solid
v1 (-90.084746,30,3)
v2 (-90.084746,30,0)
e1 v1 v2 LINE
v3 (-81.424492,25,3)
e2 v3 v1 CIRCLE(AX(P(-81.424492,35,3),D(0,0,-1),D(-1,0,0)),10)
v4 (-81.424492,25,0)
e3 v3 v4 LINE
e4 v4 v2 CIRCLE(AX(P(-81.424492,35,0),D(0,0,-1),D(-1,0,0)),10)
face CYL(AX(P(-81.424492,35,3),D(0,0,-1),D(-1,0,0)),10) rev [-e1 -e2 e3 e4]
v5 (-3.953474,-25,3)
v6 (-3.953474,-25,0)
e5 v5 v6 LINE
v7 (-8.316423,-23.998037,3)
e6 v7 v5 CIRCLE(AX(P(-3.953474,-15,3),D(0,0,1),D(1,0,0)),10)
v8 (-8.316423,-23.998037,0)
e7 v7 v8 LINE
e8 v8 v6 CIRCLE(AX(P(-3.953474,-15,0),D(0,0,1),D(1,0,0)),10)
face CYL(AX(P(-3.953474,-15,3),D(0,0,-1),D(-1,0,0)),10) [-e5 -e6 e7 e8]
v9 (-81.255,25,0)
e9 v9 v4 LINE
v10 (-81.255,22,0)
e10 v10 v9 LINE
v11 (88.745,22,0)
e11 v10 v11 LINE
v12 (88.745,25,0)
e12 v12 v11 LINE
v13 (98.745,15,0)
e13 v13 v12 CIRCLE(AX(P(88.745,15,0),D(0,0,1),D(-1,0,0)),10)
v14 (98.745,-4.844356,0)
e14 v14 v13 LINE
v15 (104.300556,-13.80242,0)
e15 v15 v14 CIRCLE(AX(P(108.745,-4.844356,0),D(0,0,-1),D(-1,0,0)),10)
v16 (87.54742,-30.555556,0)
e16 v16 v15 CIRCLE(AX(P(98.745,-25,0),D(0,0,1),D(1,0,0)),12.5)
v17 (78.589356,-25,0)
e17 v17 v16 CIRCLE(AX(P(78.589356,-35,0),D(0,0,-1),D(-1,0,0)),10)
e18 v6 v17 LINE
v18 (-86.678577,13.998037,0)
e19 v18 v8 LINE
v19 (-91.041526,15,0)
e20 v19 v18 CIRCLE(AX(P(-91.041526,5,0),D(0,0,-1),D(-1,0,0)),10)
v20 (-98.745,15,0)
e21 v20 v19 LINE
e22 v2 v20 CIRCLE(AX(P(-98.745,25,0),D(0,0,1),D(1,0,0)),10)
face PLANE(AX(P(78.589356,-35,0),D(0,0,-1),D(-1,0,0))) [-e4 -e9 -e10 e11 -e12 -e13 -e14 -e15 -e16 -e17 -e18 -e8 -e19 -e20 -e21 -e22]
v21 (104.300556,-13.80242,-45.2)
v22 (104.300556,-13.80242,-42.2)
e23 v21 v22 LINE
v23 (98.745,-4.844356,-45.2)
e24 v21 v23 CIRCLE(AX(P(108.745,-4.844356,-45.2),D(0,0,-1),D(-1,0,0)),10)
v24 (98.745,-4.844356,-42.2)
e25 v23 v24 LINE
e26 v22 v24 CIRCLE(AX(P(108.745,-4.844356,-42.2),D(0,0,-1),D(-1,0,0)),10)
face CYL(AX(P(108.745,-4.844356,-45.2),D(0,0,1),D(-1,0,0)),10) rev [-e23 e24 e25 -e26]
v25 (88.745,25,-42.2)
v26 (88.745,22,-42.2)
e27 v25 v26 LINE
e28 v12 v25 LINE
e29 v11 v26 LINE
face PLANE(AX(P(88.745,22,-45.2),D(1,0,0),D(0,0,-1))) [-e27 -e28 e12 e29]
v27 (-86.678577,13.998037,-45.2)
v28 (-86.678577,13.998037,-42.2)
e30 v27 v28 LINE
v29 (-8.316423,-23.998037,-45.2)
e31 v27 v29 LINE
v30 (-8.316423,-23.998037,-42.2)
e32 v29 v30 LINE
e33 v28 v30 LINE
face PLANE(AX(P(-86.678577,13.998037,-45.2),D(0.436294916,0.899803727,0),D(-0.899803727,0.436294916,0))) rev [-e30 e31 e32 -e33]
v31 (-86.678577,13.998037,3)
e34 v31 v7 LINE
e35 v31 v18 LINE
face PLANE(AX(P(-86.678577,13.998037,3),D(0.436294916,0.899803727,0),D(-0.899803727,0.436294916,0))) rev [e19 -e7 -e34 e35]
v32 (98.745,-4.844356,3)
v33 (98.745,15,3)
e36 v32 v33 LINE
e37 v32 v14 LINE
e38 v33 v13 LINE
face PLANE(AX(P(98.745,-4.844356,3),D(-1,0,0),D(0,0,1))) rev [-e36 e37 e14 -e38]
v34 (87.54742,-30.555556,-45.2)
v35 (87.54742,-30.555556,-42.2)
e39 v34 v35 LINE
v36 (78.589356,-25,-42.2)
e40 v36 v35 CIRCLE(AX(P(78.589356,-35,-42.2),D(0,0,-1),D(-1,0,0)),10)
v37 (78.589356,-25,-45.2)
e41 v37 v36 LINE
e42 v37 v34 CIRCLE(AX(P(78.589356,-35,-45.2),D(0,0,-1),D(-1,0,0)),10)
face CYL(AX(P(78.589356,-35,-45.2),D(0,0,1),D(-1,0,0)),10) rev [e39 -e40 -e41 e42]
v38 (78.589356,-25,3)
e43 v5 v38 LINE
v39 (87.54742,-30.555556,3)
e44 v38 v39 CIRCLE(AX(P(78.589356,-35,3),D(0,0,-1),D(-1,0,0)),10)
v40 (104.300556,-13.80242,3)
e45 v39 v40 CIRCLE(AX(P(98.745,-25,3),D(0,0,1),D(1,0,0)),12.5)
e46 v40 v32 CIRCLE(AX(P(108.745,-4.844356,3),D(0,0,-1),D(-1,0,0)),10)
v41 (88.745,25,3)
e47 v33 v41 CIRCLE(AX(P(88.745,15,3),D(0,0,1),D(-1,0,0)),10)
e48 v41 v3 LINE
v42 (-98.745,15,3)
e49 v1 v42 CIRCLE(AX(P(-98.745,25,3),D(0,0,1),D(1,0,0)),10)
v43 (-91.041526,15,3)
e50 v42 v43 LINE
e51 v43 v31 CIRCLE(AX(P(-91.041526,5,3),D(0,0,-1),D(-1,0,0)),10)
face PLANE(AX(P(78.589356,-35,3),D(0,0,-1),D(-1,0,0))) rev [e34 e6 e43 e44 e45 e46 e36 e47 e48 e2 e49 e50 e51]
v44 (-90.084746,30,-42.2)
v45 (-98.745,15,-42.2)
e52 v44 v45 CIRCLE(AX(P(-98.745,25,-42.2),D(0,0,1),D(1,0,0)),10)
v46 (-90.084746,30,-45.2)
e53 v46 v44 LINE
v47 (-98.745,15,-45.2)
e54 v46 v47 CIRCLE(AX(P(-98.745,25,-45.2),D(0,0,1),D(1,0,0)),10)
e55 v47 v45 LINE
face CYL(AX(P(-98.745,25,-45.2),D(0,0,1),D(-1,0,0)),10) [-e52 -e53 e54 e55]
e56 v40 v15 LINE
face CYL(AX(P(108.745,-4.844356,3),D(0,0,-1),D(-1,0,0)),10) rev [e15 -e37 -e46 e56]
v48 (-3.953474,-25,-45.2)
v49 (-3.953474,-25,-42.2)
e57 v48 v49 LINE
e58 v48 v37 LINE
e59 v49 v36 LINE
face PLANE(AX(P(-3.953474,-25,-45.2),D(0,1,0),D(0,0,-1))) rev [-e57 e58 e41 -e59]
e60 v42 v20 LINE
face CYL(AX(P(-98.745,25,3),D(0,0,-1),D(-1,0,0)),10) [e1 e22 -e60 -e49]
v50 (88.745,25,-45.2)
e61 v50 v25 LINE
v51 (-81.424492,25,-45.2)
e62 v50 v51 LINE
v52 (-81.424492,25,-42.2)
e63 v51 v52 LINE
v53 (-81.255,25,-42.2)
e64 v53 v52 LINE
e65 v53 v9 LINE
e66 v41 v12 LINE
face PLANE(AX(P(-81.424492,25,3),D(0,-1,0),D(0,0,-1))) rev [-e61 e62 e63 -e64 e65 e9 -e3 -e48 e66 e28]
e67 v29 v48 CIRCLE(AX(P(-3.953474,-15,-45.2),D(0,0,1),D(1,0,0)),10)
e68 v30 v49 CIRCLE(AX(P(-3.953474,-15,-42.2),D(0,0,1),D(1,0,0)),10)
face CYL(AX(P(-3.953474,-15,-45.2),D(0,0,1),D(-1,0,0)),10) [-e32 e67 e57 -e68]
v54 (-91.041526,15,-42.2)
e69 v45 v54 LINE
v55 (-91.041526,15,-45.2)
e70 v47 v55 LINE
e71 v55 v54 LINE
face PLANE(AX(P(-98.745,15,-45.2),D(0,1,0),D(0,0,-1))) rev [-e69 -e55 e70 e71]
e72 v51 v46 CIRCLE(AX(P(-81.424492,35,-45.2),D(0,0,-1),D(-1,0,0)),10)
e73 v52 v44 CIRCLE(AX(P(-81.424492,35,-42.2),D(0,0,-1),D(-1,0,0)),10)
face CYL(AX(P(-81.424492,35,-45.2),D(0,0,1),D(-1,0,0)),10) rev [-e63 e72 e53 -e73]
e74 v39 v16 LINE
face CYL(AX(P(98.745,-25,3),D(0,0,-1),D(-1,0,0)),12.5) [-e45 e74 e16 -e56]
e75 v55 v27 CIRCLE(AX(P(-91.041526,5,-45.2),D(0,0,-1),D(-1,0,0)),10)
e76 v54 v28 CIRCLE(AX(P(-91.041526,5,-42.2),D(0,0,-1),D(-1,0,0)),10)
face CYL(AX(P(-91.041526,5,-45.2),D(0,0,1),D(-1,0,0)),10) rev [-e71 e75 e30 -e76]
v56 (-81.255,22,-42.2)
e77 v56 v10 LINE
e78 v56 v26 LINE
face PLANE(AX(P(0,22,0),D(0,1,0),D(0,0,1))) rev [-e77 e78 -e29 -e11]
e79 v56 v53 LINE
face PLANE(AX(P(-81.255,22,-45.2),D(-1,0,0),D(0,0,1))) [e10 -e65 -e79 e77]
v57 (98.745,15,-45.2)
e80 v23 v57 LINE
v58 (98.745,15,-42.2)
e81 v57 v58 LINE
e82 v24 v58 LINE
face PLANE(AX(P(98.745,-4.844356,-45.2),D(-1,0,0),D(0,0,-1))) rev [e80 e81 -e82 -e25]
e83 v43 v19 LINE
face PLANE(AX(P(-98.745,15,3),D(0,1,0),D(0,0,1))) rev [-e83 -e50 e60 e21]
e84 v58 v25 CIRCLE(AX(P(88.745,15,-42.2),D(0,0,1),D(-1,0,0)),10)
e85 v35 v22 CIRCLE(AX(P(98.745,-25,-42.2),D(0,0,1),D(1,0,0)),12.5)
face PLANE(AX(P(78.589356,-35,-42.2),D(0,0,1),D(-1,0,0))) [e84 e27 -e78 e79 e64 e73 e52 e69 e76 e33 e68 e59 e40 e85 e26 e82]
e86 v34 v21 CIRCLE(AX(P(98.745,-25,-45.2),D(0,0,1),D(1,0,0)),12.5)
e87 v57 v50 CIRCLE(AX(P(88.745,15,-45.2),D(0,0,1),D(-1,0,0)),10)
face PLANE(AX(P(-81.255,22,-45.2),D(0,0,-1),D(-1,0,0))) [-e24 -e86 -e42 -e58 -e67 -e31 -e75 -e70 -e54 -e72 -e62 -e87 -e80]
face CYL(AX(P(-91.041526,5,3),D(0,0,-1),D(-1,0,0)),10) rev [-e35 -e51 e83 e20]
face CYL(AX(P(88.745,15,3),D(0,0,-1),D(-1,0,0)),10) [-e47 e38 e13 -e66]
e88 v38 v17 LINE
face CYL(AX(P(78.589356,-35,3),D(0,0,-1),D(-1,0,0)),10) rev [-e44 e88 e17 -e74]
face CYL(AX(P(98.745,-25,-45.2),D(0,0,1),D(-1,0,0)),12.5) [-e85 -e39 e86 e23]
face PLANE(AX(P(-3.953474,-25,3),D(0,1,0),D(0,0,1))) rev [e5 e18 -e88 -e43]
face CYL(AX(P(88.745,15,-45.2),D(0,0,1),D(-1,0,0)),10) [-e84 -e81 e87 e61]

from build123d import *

# Parameters (mm, degrees)
SALIENTE_EXTRUIR1_DEPTH = 3
CROQUIS2_W              = 170
CROQUIS2_H              = 48.2
SALIENTE_EXTRUIR2_DEPTH = 3


with BuildPart() as part:
    # Croquis1 → Saliente-Extruir1 (new body)
    with BuildSketch(Plane.XY):
        with BuildLine():
            Line((-98.745, 15), (-91.041526265, 15))
            ThreePointArc((-91.041526265, 15), (-88.803264961, 14.746290901), (-86.678577108, 13.998037267))
            Line((-86.678577108, 13.998037267), (-8.316422892, -23.998037267))
            ThreePointArc((-8.316422892, -23.998037267), (-6.191735039, -24.746290901), (-3.953473735, -25))
            Line((-3.953473735, -25), (78.589355629, -25))
            ThreePointArc((78.589355629, -25), (83.859818396, -26.501634144), (87.547419794, -30.555555556))
            ThreePointArc((87.547419794, -30.555555556), (107.583834765, -33.838834765), (104.300555556, -13.802419794))
            ThreePointArc((104.300555556, -13.802419794), (100.246634144, -10.114818396), (98.745, -4.844355629))
            Line((98.745, -4.844355629), (98.745, 15))
            ThreePointArc((98.745, 15), (95.816067812, 22.071067812), (88.745, 25))
            Line((88.745, 25), (-81.424491924, 25))
            ThreePointArc((-81.424491924, 25), (-86.424491924, 26.339745962), (-90.084745962, 30))
            ThreePointArc((-90.084745962, 30), (-107.405254038, 30), (-98.745, 15))
        make_face()
    extrude(amount=SALIENTE_EXTRUIR1_DEPTH)


with BuildPart() as body_2:
    # Simetría2: mirrored copy
    add(part.part.mirror(Plane.XY.offset(-21.1)))


with BuildPart() as part_1:
    add(part.part)

    add(body_2.part)  # Saliente-Extruir2 merges body 2
    # Croquis2 → Saliente-Extruir2 (add)
    with BuildSketch(Plane(origin=(0, 25, 0), x_dir=(1, 0, 0), z_dir=(0, 1, 0))):
        with Locations((3.745, 21.1)):
            Rectangle(CROQUIS2_W, CROQUIS2_H)
    extrude(amount=-SALIENTE_EXTRUIR2_DEPTH)


solid = part_1.part
